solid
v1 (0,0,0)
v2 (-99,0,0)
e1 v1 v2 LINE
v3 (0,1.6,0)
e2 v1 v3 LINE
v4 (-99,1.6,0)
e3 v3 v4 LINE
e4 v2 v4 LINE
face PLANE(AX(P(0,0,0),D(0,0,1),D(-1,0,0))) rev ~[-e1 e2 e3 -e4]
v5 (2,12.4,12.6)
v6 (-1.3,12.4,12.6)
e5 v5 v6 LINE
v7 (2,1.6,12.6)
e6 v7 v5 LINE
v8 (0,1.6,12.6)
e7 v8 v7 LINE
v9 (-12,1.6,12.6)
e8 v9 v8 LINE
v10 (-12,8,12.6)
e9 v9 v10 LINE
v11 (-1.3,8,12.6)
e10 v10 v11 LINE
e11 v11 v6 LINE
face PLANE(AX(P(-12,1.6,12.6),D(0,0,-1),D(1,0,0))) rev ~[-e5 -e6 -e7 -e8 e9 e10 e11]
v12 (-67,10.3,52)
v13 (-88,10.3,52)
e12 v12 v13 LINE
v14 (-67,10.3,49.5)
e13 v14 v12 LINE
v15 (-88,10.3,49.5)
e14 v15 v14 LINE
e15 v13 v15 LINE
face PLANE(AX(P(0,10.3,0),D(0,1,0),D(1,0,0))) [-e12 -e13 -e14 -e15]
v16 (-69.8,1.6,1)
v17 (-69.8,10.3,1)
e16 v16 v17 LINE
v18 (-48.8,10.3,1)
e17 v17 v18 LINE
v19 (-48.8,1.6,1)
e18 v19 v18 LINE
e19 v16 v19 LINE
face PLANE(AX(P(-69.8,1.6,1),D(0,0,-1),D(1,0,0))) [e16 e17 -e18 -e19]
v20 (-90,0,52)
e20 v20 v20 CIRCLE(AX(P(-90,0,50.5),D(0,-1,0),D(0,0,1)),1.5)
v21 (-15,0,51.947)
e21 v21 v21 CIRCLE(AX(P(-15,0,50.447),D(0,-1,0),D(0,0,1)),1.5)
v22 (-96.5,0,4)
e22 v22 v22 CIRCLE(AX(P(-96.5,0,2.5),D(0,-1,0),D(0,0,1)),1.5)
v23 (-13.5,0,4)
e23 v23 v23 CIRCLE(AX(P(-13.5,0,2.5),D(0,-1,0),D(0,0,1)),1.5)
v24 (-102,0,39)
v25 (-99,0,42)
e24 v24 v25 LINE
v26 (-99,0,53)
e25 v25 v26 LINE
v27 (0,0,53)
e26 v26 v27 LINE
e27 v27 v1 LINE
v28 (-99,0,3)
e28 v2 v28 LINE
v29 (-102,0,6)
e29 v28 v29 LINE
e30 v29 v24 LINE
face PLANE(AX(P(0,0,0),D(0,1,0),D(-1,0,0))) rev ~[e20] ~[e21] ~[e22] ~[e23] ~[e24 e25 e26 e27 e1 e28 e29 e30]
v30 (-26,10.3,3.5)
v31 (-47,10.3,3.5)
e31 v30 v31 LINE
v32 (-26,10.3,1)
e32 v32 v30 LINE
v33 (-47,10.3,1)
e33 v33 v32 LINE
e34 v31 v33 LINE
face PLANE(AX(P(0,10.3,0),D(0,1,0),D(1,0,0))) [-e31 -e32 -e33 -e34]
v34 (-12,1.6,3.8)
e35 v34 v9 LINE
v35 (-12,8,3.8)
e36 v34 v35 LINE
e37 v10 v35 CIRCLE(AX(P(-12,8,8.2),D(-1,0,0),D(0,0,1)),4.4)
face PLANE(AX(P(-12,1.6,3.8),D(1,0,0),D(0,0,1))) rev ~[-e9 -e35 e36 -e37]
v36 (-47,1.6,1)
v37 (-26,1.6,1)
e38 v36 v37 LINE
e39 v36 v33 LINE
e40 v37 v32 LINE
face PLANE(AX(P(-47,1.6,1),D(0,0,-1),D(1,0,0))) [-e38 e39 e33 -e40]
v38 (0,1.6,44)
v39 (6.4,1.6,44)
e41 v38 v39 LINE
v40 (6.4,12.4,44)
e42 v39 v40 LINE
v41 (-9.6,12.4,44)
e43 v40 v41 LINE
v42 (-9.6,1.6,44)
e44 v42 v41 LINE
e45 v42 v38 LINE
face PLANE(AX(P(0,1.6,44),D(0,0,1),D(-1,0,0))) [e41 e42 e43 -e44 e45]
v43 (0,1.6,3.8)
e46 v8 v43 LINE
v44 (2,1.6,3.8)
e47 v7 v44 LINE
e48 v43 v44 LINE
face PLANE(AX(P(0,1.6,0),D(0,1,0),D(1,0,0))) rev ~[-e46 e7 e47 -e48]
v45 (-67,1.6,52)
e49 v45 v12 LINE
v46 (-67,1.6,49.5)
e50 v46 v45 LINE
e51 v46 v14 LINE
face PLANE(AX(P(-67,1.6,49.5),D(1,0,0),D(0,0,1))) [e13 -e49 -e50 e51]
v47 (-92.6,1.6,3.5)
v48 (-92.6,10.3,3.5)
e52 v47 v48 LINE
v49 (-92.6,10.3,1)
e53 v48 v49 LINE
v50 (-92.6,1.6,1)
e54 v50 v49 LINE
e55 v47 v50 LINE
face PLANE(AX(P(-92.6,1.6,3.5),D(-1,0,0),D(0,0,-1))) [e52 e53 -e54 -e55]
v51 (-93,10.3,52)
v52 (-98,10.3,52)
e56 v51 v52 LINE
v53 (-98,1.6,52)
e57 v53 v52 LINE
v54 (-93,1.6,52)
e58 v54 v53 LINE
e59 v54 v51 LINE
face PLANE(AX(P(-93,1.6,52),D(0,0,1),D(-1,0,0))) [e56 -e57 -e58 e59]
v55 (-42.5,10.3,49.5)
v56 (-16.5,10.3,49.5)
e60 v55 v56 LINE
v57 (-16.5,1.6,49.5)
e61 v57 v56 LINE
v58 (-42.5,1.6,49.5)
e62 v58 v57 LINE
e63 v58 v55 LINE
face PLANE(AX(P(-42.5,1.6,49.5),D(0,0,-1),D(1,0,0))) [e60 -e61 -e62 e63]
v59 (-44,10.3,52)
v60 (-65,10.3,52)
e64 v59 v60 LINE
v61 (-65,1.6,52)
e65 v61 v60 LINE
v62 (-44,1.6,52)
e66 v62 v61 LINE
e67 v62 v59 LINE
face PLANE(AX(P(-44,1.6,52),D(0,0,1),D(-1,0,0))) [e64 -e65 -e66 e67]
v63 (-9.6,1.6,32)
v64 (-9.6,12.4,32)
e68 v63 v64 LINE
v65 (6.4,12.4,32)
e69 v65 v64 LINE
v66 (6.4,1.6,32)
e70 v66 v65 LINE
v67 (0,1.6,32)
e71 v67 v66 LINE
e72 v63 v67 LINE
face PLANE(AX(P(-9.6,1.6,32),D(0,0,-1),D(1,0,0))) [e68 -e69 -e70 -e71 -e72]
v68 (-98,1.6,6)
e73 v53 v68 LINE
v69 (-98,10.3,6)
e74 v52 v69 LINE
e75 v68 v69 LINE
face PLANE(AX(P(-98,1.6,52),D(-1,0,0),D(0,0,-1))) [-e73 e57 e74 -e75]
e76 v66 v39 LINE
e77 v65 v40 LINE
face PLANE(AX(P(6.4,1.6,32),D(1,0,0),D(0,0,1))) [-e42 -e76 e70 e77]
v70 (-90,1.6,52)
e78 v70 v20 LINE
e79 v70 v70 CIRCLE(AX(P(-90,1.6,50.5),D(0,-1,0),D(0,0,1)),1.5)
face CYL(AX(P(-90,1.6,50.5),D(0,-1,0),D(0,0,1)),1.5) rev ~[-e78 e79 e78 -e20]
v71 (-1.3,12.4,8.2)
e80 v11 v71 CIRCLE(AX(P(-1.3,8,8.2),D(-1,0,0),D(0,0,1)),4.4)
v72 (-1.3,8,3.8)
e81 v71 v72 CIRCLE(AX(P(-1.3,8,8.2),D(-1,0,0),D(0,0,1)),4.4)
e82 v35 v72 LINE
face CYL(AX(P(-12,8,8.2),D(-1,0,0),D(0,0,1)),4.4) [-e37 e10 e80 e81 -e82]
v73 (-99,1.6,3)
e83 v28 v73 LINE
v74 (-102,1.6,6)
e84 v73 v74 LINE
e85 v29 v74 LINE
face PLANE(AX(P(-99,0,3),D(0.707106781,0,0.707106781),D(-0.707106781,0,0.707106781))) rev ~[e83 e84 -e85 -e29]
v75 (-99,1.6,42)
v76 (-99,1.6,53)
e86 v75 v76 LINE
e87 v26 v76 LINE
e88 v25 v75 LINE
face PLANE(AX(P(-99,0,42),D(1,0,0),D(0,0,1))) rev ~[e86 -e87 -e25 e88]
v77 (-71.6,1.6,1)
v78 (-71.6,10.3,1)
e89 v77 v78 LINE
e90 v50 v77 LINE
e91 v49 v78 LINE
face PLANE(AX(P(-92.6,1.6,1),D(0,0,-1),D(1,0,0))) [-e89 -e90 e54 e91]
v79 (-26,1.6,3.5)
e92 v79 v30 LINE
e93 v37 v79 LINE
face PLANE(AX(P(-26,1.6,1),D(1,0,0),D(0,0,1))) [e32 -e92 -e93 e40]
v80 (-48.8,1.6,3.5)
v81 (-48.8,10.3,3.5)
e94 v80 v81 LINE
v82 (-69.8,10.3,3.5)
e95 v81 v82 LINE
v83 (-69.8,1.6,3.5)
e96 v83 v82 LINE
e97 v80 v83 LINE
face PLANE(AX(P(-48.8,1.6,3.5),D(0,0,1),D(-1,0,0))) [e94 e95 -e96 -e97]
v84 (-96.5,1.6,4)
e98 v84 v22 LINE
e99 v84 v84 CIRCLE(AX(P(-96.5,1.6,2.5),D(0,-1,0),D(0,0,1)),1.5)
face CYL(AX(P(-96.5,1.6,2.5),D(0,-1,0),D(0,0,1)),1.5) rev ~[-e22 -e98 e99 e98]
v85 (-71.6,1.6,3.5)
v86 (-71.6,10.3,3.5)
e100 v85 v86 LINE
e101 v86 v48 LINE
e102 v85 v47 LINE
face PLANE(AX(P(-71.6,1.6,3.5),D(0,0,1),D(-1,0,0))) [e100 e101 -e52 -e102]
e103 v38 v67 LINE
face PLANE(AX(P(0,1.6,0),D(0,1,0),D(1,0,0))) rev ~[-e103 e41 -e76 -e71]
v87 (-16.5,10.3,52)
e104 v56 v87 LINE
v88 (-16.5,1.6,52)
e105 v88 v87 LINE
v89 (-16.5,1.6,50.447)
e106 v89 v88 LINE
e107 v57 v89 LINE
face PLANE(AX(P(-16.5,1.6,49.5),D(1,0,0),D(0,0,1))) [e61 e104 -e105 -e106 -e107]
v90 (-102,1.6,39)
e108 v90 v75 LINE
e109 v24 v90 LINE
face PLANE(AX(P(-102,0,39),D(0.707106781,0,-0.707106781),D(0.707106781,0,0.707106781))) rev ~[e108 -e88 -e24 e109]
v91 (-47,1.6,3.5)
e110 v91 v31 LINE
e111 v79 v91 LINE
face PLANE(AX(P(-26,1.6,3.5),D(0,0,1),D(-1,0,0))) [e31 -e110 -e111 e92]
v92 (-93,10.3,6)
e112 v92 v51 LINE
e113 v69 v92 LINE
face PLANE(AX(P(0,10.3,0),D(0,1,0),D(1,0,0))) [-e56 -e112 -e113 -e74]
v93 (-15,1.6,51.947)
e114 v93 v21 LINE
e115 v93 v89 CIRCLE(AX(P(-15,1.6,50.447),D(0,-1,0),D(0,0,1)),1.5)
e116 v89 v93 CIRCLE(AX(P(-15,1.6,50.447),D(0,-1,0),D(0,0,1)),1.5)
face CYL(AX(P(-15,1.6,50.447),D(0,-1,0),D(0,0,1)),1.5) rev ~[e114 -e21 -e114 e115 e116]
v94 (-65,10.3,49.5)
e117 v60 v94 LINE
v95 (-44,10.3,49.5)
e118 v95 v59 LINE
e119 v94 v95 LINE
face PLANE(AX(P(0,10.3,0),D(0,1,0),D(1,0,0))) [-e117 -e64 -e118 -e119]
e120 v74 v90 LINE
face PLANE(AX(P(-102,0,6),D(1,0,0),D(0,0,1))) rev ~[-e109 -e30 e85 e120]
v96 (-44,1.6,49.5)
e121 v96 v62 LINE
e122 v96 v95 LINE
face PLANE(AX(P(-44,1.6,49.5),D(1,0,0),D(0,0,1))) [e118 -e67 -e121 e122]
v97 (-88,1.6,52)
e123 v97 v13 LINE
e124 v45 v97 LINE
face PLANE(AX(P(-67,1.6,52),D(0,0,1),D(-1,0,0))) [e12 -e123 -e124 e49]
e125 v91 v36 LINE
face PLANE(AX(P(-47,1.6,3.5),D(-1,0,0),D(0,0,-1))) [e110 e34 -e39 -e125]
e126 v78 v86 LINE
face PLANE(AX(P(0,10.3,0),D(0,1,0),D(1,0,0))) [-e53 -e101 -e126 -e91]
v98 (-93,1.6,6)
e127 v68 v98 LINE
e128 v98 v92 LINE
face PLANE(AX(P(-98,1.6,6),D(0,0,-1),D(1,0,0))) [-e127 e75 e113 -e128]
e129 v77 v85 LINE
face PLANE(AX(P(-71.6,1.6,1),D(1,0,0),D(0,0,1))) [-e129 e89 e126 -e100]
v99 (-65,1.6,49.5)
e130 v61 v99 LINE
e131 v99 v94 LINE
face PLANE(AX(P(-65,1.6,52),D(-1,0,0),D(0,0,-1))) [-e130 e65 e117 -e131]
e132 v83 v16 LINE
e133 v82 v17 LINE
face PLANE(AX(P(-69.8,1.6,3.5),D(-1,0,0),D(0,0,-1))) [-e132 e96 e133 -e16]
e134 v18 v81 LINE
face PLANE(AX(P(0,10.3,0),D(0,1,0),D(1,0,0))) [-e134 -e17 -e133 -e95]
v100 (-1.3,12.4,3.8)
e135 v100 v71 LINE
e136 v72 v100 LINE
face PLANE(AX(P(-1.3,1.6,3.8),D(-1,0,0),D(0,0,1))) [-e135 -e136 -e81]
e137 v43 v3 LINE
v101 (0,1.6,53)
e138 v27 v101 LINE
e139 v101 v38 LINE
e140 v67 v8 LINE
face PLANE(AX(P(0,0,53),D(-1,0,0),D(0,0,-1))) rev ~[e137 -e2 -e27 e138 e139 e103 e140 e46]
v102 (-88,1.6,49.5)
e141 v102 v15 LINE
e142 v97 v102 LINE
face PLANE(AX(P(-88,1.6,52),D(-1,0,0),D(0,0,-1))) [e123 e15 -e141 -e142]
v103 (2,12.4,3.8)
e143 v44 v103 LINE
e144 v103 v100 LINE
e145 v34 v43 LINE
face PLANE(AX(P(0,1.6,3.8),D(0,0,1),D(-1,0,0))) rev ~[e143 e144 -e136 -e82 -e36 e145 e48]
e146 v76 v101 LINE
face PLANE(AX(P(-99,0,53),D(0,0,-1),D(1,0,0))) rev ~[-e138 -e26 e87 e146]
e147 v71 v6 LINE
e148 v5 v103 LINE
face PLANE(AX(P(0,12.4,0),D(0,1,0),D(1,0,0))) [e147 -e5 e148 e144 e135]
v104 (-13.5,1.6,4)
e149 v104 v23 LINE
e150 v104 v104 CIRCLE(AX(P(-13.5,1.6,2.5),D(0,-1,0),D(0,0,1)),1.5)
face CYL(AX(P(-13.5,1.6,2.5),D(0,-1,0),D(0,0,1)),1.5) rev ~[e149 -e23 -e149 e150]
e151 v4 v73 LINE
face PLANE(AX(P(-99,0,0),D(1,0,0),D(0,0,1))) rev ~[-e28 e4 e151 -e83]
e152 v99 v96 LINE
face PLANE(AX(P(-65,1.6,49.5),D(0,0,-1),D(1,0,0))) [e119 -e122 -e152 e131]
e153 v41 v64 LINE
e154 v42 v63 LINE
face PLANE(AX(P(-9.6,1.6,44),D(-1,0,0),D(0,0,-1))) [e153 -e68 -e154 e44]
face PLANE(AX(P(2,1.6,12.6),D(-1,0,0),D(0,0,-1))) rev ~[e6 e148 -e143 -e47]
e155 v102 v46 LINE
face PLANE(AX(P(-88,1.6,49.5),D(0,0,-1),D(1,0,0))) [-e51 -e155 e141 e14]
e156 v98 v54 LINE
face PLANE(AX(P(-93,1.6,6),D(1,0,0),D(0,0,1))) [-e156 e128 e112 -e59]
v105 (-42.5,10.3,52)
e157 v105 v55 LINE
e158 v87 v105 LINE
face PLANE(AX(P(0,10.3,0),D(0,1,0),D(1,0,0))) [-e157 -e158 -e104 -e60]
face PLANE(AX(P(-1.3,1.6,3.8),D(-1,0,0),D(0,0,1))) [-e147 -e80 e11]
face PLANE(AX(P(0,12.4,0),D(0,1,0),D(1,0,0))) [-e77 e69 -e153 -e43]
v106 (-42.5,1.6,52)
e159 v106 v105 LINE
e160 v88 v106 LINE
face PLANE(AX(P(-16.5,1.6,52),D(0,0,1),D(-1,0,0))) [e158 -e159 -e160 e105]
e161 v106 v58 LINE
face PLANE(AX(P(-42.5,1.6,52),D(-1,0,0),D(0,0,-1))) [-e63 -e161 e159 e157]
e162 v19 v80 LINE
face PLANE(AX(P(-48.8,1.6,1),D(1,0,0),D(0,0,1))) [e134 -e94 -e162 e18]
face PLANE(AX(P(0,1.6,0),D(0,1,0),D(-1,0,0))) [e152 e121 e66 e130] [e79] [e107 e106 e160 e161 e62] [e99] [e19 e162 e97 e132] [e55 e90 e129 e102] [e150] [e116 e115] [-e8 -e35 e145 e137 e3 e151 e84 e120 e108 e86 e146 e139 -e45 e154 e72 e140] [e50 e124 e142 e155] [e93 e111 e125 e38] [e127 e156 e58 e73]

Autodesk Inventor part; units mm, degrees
ref_plane "YZ Plane" through (0, 0, 0) normal (1, 0, 0) x (0, 1, 0)
ref_plane "XZ Plane" through (0, 0, 0) normal (0, 1, 0) x (-1, 0, 0)
ref_plane "XY Plane" through (0, 0, 0) normal (0, 0, 1) x (1, 0, 0)
sketch "Sketch1" plane through (0, 0, 0) normal (0, 1, 0) x (-1, 0, 0)
  line L0 (0, 0) -> (99, 0)
  line L1 (99, 0) -> (99, 3)
  line L2 (99, 3) -> (102, 6)
  line L3 (102, 6) -> (102, 39)
  line L4 (102, 39) -> (99, 42)
  line L5 (99, 42) -> (99, 53)
  line L6 (99, 53) -> (0, 53)
  line L7 (0, 53) -> (0, 0)
  dimension "d0" = 99
  dimension "d1" = 3
  dimension "d2" = 135
  dimension "d3" = 33
  dimension "d4" = 3
  dimension "d5" = 3
  dimension "d6" = 53
extrude "Extrusion1" add sketch "Sketch1" along normal blind 1.6
sketch "Sketch2" plane through (0, 1.6, 0) normal (0, 1, 0) x (1, 0, 0)
  line L0 (0, 0) -> (-99, 0) projected
  line L1 (0, -53) -> (0, 0) projected
  line L2 (2, -3.8) -> (-12, -3.8)
  line L3 (-12, -3.8) -> (-12, -12.6)
  line L4 (-12, -12.6) -> (2, -12.6)
  line L5 (2, -12.6) -> (2, -3.8)
  dimension "d9" = 8.8
  dimension "d10" = 2
  dimension "d11" = 3.8
  dimension "d12" = 14
extrude "Extrusion2" add sketch "Sketch2" along normal blind 10.8
sketch "Sketch3" plane through (-12, 1.6, 3.8) normal (-1, 0, 0) x (0, 0, 1)
  line L0 (8.8, 0) -> (0, 0) projected
  line L1 (8.8, 0) -> (8.8, 10.8) projected
  line L2 (0, 10.8) -> (8.8, 10.8) projected
  line L3 (0, 0) -> (0, 10.8) projected
  arc A0 (8.8, 6.4) -> (0, 6.4) centre (4.4, 6.4) ccw
  point P0 (-3.8, -1.6)
extrude "Extrusion3" cut sketch "Sketch3" against normal blind 10.7 contours A0 L2 L1 | L3 L2 A0
sketch "Sketch4" plane through (0, 1.6, 0) normal (0, 1, 0) x (1, 0, 0)
  line L0 (-99, -53) -> (0, -53) projected
  line L1 (0, -53) -> (0, -12.6) projected
  line L2 (-9.6, -32) -> (6.4, -32)
  line L3 (6.4, -32) -> (6.4, -44)
  line L4 (6.4, -44) -> (-9.6, -44)
  line L5 (-9.6, -44) -> (-9.6, -32)
  dimension "d17" = 16
  dimension "d18" = 12
  dimension "d19" = 6.4
  dimension "d20" = 9
extrude "Extrusion4" add sketch "Sketch4" along normal blind 10.8
sketch "Sketch5" plane through (0, 1.6, 0) normal (0, 1, 0) x (1, 0, 0)
  line L0 (0, -3.8) -> (0, 0) projected
  line L1 (0, 0) -> (-99, 0) projected
  line L2 (-26, -3.5) -> (-47, -3.5)
  line L3 (-47, -3.5) -> (-47, -1)
  line L4 (-47, -1) -> (-26, -1)
  line L5 (-26, -1) -> (-26, -3.5)
  line L6 (-48.8, -3.5) -> (-69.8, -3.5)
  line L7 (-69.8, -3.5) -> (-69.8, -1)
  line L8 (-69.8, -1) -> (-48.8, -1)
  line L9 (-48.8, -1) -> (-48.8, -3.5)
  line L10 (-71.6, -3.5) -> (-92.6, -3.5)
  line L11 (-92.6, -3.5) -> (-92.6, -1)
  line L12 (-92.6, -1) -> (-71.6, -1)
  line L13 (-71.6, -1) -> (-71.6, -3.5)
  dimension "d23" = 21
  dimension "d24" = 2.5
  dimension "d25" = 26
  dimension "d26" = 1
  dimension "d29" = 22.8
extrude "Extrusion5" add sketch "Sketch5" along normal blind 8.7
sketch "Sketch6" plane through (0, 1.6, 0) normal (0, 1, 0) x (1, 0, 0)
  line L0 (0, 0) -> (-99, 0) projected
  line L1 (-102, -6) -> (-102, -39) projected
  line L2 (-98, -6) -> (-93, -6)
  line L3 (-93, -6) -> (-93, -52)
  line L4 (-93, -52) -> (-98, -52)
  line L5 (-98, -52) -> (-98, -6)
  dimension "d36" = 46
  dimension "d37" = 5
  dimension "d38" = 4
  dimension "d39" = 6
extrude "Extrusion6" add sketch "Sketch6" along normal blind 8.7
sketch "Sketch7" plane through (0, 1.6, 0) normal (0, 1, 0) x (1, 0, 0)
  line L0 (-99, -42) -> (-99, -53) projected
  line L1 (-99, -53) -> (0, -53) projected
  line L2 (-88, -49.5) -> (-67, -49.5)
  line L3 (-67, -49.5) -> (-67, -52)
  line L4 (-67, -52) -> (-88, -52)
  line L5 (-88, -52) -> (-88, -49.5)
  line L6 (-65, -49.5) -> (-44, -49.5)
  line L7 (-44, -49.5) -> (-44, -52)
  line L8 (-44, -52) -> (-65, -52)
  line L9 (-65, -52) -> (-65, -49.5)
  line L10 (-42.5, -49.5) -> (-16.5, -49.5)
  line L11 (-16.5, -49.5) -> (-16.5, -52)
  line L12 (-16.5, -52) -> (-42.5, -52)
  line L13 (-42.5, -52) -> (-42.5, -49.5)
  dimension "d42" = 21
  dimension "d43" = 2.5
  dimension "d44" = 1
  dimension "d45" = 11
  dimension "d48" = 23
  dimension "d54" = 26
  dimension "d55" = 1
  dimension "d56" = 1.5
extrude "Extrusion7" add sketch "Sketch7" along normal blind 8.7
hole "Hole1" at (-96.5, 1.6, 2.5) direction (0, -1, 0) diameter 3 end through all
hole "Hole2" at (-90, 1.6, 50.5) direction (0, -1, 0) diameter 3 end through all
hole "Hole3" at (-13.5, 1.6, 2.5) direction (0, -1, 0) diameter 3 end through all
hole "Hole4" at (-15, 1.6, 50.447) direction (0, -1, 0) diameter 3 end through all
properties part number "ArduinoMega"
